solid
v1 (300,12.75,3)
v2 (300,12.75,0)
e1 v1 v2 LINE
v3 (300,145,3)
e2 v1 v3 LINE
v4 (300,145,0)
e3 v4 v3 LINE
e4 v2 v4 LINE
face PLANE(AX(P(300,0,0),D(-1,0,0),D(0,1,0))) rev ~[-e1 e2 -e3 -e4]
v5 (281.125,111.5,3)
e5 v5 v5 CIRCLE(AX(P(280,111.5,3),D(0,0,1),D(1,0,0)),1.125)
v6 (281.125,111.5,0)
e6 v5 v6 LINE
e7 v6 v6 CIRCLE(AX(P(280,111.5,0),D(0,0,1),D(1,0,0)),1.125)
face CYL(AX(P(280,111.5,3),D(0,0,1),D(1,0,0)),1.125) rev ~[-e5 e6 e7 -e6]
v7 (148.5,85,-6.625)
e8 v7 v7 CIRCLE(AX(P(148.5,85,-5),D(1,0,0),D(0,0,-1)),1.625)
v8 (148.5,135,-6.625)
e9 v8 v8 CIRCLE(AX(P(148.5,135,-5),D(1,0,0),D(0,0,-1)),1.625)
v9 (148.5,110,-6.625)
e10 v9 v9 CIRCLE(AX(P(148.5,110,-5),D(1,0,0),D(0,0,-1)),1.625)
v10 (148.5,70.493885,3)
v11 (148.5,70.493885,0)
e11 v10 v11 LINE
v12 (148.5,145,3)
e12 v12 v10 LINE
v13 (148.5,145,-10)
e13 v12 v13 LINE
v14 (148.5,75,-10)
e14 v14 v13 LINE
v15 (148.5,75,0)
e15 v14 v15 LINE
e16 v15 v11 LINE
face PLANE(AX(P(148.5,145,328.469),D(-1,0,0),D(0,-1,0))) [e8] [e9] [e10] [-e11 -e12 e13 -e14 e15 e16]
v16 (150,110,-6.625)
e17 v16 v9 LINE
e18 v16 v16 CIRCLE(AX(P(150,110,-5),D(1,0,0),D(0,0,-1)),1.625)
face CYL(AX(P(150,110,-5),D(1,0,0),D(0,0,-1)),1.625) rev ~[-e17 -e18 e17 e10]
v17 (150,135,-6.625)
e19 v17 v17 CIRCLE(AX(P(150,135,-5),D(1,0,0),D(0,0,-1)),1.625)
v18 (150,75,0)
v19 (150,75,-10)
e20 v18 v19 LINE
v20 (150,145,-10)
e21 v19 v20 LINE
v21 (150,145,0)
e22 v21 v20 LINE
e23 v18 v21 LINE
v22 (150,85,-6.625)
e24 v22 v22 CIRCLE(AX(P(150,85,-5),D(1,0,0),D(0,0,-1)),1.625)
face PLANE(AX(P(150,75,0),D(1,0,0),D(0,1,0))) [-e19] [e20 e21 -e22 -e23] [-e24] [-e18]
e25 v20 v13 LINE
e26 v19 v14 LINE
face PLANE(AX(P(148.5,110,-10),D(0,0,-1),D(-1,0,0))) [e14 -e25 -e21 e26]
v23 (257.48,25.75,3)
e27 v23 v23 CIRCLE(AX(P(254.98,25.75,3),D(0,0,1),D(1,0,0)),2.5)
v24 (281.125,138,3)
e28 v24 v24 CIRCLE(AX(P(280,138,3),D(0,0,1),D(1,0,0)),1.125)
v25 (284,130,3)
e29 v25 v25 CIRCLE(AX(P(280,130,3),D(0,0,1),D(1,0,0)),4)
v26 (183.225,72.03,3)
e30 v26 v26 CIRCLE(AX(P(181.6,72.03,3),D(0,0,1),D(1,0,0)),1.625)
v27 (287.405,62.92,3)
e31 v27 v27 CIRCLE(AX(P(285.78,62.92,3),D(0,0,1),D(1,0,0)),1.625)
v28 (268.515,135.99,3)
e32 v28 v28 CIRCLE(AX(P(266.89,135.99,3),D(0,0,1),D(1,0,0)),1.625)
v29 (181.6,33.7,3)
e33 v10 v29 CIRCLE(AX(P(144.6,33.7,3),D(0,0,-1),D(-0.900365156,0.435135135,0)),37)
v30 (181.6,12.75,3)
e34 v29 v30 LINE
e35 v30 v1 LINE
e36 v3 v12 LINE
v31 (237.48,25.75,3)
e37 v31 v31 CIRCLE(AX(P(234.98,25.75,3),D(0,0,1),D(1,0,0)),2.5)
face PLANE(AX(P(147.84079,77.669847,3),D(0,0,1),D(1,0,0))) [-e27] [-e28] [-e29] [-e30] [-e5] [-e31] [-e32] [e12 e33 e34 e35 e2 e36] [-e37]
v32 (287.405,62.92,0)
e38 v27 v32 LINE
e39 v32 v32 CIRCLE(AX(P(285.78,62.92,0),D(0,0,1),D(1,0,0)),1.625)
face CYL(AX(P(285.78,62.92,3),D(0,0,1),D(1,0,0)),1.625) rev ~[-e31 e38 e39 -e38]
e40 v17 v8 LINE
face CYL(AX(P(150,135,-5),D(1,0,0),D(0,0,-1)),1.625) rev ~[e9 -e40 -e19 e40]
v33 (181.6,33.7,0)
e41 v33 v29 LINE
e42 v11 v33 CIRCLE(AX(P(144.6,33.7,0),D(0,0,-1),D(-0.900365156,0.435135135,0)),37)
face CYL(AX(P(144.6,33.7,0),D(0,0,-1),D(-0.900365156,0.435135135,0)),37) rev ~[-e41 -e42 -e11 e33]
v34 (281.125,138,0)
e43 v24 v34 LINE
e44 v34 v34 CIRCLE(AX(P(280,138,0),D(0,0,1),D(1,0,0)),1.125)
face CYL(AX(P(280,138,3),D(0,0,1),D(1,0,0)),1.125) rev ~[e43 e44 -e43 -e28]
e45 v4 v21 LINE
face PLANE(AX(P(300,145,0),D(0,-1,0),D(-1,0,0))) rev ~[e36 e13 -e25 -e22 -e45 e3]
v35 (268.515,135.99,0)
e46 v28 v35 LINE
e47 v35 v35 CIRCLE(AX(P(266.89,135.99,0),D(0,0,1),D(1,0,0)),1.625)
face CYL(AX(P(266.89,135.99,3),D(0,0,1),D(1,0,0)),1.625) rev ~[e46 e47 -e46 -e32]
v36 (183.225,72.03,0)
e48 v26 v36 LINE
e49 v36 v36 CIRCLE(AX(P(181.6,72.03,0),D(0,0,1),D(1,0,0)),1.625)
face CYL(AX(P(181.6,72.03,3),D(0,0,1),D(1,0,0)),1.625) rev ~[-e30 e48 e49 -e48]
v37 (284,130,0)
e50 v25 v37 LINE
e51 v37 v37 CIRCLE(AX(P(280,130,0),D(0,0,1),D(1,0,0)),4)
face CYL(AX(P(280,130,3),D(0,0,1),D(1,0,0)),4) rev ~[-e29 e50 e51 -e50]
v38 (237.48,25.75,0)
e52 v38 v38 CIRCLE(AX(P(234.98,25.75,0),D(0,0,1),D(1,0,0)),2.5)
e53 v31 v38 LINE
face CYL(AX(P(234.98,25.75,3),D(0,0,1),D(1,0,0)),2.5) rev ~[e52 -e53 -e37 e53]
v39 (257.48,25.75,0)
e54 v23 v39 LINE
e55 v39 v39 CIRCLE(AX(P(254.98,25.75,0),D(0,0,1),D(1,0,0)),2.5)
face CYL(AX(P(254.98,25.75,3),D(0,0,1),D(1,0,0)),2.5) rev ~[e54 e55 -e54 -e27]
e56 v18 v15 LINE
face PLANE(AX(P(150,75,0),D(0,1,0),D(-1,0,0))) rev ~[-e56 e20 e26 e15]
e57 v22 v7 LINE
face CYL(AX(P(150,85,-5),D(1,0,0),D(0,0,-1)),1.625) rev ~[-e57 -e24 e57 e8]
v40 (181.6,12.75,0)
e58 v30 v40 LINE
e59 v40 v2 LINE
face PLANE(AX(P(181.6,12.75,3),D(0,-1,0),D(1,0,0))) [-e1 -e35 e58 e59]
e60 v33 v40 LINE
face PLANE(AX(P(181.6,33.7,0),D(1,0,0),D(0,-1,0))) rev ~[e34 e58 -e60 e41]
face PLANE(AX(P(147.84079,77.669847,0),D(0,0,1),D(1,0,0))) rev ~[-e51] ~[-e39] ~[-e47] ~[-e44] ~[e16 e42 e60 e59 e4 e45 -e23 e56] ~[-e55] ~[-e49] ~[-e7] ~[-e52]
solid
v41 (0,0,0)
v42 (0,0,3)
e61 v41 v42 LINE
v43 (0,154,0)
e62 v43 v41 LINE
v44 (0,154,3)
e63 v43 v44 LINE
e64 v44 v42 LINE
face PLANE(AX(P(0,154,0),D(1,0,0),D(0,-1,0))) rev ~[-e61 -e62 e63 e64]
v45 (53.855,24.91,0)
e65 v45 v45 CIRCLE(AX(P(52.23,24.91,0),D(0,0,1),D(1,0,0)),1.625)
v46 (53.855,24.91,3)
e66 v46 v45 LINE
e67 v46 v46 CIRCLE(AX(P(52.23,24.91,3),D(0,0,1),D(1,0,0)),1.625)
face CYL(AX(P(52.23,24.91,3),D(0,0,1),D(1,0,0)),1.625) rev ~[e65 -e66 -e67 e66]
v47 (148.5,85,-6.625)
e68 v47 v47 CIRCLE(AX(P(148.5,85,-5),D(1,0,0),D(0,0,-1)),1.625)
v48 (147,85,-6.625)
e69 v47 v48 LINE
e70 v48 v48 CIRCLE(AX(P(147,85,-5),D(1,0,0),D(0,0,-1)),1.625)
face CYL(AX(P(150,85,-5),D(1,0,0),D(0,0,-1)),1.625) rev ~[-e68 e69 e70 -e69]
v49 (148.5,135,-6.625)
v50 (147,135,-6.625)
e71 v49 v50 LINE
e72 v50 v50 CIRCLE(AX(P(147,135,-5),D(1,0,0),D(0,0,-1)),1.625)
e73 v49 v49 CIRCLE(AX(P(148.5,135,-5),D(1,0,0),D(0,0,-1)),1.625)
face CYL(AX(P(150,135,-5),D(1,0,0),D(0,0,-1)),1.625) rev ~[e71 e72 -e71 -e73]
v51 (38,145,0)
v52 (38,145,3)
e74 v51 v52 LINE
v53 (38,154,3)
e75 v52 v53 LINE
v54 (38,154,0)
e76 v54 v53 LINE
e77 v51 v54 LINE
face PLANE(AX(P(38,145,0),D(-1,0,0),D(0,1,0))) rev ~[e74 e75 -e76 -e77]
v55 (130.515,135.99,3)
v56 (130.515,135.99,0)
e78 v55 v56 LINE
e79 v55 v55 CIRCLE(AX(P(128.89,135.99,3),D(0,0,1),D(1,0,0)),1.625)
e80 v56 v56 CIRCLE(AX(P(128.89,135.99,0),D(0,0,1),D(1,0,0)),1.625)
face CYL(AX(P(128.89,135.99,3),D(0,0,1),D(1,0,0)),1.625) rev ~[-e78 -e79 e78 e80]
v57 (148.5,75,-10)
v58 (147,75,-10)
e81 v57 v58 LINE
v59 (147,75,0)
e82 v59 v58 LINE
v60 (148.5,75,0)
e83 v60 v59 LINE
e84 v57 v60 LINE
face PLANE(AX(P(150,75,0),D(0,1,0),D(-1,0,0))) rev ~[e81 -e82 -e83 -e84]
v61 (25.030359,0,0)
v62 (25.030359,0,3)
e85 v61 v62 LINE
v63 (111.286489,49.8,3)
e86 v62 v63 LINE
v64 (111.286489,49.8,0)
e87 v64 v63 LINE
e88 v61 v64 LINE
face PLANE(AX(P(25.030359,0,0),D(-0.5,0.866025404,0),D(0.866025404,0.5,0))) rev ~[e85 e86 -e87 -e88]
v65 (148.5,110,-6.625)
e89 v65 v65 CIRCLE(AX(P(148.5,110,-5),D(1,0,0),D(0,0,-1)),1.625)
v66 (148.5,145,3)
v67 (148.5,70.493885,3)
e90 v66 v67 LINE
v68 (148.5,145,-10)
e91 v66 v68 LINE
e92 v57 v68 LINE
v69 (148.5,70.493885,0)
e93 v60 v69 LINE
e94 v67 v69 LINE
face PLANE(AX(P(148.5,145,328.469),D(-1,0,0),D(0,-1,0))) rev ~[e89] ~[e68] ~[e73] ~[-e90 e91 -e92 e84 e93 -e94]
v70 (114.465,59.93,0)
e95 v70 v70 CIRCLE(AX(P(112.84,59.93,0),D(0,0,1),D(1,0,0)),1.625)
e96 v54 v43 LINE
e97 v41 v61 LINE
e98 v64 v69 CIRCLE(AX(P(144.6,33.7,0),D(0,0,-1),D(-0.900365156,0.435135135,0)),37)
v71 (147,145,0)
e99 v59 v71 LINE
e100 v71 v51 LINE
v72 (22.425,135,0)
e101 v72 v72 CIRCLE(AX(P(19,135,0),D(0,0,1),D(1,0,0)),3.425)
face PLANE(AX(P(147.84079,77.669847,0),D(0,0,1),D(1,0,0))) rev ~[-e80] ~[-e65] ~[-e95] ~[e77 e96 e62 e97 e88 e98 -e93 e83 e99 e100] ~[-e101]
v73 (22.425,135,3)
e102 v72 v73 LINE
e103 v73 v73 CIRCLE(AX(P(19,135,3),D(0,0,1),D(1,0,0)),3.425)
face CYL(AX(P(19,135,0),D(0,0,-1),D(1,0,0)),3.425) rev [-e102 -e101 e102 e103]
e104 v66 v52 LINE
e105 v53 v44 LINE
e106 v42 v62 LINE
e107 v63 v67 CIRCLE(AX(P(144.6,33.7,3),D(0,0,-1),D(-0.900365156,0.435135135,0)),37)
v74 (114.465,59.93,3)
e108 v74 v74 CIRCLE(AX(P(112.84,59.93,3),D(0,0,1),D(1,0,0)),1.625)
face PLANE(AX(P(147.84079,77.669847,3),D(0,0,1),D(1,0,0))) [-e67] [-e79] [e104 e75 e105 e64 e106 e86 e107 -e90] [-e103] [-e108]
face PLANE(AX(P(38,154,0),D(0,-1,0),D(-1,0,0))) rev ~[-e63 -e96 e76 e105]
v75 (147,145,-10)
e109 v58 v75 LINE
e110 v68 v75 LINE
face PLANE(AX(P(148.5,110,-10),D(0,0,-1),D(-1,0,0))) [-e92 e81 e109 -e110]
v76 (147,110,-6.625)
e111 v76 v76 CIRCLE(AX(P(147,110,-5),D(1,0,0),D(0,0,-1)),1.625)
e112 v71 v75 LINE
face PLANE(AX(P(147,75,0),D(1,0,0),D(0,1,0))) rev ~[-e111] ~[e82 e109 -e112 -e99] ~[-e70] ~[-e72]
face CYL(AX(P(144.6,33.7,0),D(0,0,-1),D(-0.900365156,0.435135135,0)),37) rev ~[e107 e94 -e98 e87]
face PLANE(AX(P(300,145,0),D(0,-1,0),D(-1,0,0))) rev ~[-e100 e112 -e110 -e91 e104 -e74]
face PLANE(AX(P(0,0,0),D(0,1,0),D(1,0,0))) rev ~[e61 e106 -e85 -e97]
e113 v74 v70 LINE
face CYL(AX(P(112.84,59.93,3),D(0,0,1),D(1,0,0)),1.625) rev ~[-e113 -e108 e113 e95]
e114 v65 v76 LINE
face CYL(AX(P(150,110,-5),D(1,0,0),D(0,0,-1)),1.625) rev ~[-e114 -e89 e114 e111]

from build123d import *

# Parameters (mm, degrees)
SKETCH2_R              = 3.425
BOSS_EXTRUDE2_DEPTH    = 3
SKETCH3_W              = 118.4
SKETCH3_H              = 12.75
CUT_EXTRUDE1_DEPTH     = 338.231374578
SKETCH5_R              = 2.5
SKETCH5_R_2            = 4
SKETCH5_R_3            = 1.125
SKETCH5_R_4            = 1.625
CUT_EXTRUDE2_DEPTH     = 338.231374578
SKETCH12_W             = 3
SKETCH12_H             = 70
BOSS_EXTRUDE6_DEPTH    = 10
CUT_EXTRUDE5_REACH     = 217.212
SKETCH15_R             = 1.625
SPLIT4_SURFACE_1_BACK  = 338.469
SPLIT4_SURFACE_1_DEPTH = 676.938
SPLIT4_SURFACE_2_BACK  = 338.469
SPLIT4_SURFACE_2_DEPTH = 676.938


with BuildPart() as part:
    # Sketch2 → Boss-Extrude2 (new body)
    with BuildSketch(Plane.XY):
        with BuildLine():
            Line((25.03035901, 0), (111.286489227, 49.8))
            ThreePointArc((111.286489227, 49.8), (152.858332199, 69.766604349), (181.6, 33.7))
            Line((181.6, 33.7), (181.6, 0))
            Line((181.6, 0), (300, 0))
            Line((300, 0), (300, 145))
            Line((300, 145), (38, 145))
            Line((38, 145), (38, 154))
            Line((38, 154), (19, 154))
            Line((19, 154), (0, 154))
            Line((0, 154), (0, 0))
            Line((0, 0), (25.03035901, 0))
        make_face()
        with Locations((19, 135)):
            Circle(SKETCH2_R, mode=Mode.SUBTRACT)
    extrude(amount=BOSS_EXTRUDE2_DEPTH)

    # Sketch3 → Cut-Extrude1 (cut, through all)
    with BuildSketch(Plane.XY.offset(3)):
        with Locations((240.8, 6.375)):
            Rectangle(SKETCH3_W, SKETCH3_H)
    extrude(amount=-CUT_EXTRUDE1_DEPTH, mode=Mode.SUBTRACT)

    # Sketch5 → Cut-Extrude2 (cut, through all)
    with BuildSketch(Plane.XY.offset(3)):
        with Locations((254.98, 25.75)):
            Circle(SKETCH5_R)
        with Locations((234.98, 25.75)):
            Circle(SKETCH5_R)
        with Locations((280, 130)):
            Circle(SKETCH5_R_2)
        with Locations((280, 138)):
            Circle(SKETCH5_R_3)
        with Locations((280, 111.5)):
            Circle(SKETCH5_R_3)
        with Locations((181.6, 72.03)):
            Circle(SKETCH5_R_4)
        with Locations((285.78, 62.92)):
            Circle(SKETCH5_R_4)
        with Locations((52.23, 24.91)):
            Circle(SKETCH5_R_4)
        with Locations((112.84, 59.93)):
            Circle(SKETCH5_R_4)
        with Locations((266.89, 135.99)):
            Circle(SKETCH5_R_4)
        with Locations((128.89, 135.99)):
            Circle(SKETCH5_R_4)
    extrude(amount=-CUT_EXTRUDE2_DEPTH, mode=Mode.SUBTRACT)

    # Sketch12 → Boss-Extrude6 (add)
    with BuildSketch(Plane(origin=(0, 0, 0), x_dir=(-1, 0, 0), z_dir=(0, 0, -1))):
        with Locations((-148.5, 110)):
            Rectangle(SKETCH12_W, SKETCH12_H)
    extrude(amount=BOSS_EXTRUDE6_DEPTH)

    # Sketch15 → Cut-Extrude5 (cut, up to next)
    with BuildSketch(Plane(origin=(150, 0, 0), x_dir=(0, 0, -1), z_dir=(1, 0, 0)), mode=Mode.PRIVATE) as cut_extrude5_sk1:
        with Locations((5, 135)):
            Circle(SKETCH15_R)
    cut_extrude5_tool1 = extrude(cut_extrude5_sk1.sketch, amount=-CUT_EXTRUDE5_REACH, mode=Mode.PRIVATE) & part.part
    # Sketch15 → Cut-Extrude5 (cut, up to next)
    with BuildSketch(Plane(origin=(150, 0, 0), x_dir=(0, 0, -1), z_dir=(1, 0, 0)), mode=Mode.PRIVATE) as cut_extrude5_sk2:
        with Locations((5, 110)):
            Circle(SKETCH15_R)
    cut_extrude5_tool2 = extrude(cut_extrude5_sk2.sketch, amount=-CUT_EXTRUDE5_REACH, mode=Mode.PRIVATE) & part.part
    # Sketch15 → Cut-Extrude5 (cut, up to next)
    with BuildSketch(Plane(origin=(150, 0, 0), x_dir=(0, 0, -1), z_dir=(1, 0, 0)), mode=Mode.PRIVATE) as cut_extrude5_sk3:
        with Locations((5, 85)):
            Circle(SKETCH15_R)
    cut_extrude5_tool3 = extrude(cut_extrude5_sk3.sketch, amount=-CUT_EXTRUDE5_REACH, mode=Mode.PRIVATE) & part.part
    add(cut_extrude5_tool1.solids().sort_by_distance((150, 135, -5))[0], mode=Mode.SUBTRACT)
    add(cut_extrude5_tool2.solids().sort_by_distance((150, 110, -5))[0], mode=Mode.SUBTRACT)
    add(cut_extrude5_tool3.solids().sort_by_distance((150, 85, -5))[0], mode=Mode.SUBTRACT)


with BuildPart() as body_2:
    # Split4: the piece behind the surface
    add(part.part)
    # Split4 surface: a surface, the sketch's curves swept straight by 676.938 mm
    with BuildLine(Plane(origin=(0, 0, -10), x_dir=(-1, 0, 0), z_dir=(0, 0, -1)).offset(-SPLIT4_SURFACE_1_BACK), mode=Mode.PRIVATE) as split4_surface_1_path:
        Line((-148.5, 145), (-148.5, 70.493885362))
    split4_surface_1 = Shell.extrude(split4_surface_1_path.wire(), (0 * SPLIT4_SURFACE_1_DEPTH, 0 * SPLIT4_SURFACE_1_DEPTH, -1 * SPLIT4_SURFACE_1_DEPTH))
    split(bisect_by=split4_surface_1, keep=Keep.BOTTOM)


with BuildPart() as part_1:
    add(part.part)

    # Split4: split by a surface, the side it looks to stays
    # Split4 surface: a surface, the sketch's curves swept straight by 676.938 mm
    with BuildLine(Plane(origin=(0, 0, -10), x_dir=(-1, 0, 0), z_dir=(0, 0, -1)).offset(-SPLIT4_SURFACE_2_BACK), mode=Mode.PRIVATE) as split4_surface_2_path:
        Line((-148.5, 145), (-148.5, 70.493885362))
    split4_surface_2 = Shell.extrude(split4_surface_2_path.wire(), (0 * SPLIT4_SURFACE_2_DEPTH, 0 * SPLIT4_SURFACE_2_DEPTH, -1 * SPLIT4_SURFACE_2_DEPTH))
    split(bisect_by=split4_surface_2, keep=Keep.TOP)


solid = Compound([body_2.part, part_1.part])
